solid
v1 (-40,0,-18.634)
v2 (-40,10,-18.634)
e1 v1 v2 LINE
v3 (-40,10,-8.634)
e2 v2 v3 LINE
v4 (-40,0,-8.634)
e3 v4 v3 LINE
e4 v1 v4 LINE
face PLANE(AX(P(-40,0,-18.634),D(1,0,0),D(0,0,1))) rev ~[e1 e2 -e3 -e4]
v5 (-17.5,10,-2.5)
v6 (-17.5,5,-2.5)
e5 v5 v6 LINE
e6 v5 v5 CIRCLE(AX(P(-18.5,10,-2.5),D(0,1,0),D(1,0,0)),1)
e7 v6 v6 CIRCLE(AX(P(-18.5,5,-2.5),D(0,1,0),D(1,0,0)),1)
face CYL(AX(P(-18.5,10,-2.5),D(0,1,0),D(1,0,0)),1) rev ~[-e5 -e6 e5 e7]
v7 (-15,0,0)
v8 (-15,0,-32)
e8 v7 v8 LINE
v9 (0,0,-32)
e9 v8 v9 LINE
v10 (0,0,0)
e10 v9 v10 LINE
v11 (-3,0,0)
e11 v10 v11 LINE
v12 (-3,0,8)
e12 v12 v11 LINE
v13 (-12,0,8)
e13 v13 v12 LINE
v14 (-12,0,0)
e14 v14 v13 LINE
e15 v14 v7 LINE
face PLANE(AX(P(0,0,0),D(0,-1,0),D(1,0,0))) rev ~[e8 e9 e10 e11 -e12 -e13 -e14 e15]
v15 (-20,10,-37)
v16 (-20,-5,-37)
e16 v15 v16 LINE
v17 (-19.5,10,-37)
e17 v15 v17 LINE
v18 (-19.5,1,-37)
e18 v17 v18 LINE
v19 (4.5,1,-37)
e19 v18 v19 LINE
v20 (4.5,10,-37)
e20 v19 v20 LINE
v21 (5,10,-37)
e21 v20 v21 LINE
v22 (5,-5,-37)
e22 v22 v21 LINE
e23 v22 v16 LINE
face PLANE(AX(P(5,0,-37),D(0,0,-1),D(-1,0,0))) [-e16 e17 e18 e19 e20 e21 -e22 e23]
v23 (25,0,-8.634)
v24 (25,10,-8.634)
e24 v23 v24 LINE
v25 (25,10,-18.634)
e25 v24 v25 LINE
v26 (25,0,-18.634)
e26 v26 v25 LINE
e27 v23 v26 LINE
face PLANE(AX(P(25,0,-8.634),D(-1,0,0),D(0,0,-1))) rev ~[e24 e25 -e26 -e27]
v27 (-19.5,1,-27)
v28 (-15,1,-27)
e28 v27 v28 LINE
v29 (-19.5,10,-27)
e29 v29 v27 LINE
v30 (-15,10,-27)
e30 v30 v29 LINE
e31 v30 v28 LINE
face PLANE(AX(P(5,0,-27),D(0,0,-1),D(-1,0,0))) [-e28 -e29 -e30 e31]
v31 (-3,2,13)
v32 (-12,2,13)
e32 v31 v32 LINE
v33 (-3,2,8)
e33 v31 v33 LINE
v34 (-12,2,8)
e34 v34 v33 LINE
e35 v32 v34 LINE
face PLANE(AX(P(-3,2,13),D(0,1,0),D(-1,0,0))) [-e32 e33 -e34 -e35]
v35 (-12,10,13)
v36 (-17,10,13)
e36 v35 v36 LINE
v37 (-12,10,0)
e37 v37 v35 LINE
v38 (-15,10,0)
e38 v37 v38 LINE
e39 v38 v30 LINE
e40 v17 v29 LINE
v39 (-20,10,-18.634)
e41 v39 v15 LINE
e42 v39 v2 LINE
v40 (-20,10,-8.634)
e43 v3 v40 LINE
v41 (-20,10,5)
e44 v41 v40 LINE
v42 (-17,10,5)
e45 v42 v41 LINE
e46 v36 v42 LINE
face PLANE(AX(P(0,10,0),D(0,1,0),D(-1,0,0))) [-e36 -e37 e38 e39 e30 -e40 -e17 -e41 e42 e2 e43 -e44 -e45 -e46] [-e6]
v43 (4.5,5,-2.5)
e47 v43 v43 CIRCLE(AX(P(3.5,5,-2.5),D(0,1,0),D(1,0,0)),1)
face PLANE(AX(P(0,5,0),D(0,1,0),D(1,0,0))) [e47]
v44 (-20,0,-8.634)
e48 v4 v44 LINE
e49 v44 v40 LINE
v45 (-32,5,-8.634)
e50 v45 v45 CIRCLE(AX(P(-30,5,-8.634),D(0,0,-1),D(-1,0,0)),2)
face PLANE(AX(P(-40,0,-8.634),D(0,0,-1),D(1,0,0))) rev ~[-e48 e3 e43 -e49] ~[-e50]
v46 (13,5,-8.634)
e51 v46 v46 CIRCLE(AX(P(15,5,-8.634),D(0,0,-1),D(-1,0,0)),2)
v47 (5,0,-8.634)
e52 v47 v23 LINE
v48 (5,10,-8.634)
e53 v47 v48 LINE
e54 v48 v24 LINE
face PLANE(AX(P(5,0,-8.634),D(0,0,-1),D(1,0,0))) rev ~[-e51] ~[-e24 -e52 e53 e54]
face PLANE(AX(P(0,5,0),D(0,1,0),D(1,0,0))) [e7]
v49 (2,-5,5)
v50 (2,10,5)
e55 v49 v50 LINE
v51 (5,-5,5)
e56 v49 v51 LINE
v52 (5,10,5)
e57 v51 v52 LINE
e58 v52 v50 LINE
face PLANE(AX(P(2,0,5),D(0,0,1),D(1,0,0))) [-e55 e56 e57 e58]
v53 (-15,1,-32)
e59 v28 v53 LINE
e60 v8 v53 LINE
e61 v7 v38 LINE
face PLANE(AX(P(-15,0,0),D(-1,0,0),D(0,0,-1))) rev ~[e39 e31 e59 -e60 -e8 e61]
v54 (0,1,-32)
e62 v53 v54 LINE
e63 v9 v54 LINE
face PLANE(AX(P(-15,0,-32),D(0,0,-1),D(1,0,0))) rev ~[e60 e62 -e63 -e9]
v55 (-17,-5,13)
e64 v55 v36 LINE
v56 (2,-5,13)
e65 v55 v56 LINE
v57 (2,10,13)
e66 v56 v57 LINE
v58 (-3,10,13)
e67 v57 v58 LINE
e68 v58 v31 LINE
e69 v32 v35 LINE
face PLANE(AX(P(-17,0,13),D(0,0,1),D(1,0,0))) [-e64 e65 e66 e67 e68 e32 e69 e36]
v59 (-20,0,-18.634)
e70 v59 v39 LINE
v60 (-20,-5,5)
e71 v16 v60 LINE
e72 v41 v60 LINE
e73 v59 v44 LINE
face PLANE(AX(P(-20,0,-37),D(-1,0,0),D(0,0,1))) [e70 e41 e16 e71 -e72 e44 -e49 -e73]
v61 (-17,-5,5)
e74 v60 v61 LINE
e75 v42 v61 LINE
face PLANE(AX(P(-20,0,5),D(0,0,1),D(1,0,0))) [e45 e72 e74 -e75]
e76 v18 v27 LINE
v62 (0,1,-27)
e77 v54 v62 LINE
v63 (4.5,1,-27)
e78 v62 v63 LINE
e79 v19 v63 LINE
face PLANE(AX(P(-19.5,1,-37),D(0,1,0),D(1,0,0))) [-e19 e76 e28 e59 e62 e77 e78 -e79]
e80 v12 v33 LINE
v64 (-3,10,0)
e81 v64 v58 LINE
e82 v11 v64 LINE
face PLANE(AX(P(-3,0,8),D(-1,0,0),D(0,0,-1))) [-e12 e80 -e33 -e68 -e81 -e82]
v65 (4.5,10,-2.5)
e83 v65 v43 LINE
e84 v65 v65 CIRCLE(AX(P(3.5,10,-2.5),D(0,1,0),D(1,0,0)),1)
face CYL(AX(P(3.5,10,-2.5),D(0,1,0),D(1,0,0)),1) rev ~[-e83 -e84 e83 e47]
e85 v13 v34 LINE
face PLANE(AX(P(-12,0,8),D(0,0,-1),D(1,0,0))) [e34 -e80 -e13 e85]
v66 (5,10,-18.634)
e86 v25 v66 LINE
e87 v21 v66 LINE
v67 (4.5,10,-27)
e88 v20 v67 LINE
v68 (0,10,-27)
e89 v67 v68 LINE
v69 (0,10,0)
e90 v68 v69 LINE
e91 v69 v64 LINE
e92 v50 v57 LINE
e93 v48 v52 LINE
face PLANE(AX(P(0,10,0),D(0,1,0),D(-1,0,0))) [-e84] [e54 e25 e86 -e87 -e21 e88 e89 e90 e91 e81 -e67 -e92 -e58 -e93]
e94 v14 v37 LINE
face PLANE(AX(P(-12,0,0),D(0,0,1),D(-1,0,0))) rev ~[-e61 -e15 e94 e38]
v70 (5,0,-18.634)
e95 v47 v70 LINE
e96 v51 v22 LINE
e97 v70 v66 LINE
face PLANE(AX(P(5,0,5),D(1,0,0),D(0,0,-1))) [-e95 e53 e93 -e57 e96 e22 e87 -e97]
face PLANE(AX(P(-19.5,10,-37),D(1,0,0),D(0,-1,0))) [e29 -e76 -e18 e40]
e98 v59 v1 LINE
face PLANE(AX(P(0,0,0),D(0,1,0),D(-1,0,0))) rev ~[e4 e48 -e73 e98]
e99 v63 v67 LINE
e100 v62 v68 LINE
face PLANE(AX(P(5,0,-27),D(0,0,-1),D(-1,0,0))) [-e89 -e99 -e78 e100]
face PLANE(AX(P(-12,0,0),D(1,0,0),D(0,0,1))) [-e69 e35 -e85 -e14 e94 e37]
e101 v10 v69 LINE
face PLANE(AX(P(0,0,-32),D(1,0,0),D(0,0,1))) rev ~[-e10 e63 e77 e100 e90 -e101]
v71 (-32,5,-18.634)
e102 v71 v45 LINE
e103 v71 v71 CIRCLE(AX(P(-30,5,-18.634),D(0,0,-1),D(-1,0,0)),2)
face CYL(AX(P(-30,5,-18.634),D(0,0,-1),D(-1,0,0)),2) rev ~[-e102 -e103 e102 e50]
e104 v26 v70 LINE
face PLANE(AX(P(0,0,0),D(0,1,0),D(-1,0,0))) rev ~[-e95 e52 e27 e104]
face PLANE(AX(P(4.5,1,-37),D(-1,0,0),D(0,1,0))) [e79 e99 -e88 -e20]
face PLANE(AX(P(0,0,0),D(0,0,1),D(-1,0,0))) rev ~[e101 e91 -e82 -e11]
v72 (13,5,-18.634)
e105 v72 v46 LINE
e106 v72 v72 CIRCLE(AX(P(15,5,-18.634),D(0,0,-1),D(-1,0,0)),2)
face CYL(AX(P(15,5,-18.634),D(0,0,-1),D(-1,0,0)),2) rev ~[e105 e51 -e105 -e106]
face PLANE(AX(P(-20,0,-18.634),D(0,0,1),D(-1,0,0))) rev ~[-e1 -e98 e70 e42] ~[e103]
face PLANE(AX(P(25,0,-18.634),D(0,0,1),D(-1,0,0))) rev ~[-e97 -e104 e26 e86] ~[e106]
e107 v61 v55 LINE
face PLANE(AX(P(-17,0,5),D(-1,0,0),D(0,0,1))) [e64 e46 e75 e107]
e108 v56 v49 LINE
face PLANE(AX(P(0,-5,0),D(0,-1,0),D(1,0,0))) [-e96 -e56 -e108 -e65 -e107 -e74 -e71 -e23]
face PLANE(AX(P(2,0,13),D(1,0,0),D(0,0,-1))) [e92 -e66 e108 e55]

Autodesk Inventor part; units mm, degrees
ref_plane "YZ Plane" through (0, 0, 0) normal (1, 0, 0) x (0, 1, 0)
ref_plane "XZ Plane" through (0, 0, 0) normal (0, 1, 0) x (-1, 0, 0)
ref_plane "XY Plane" through (0, 0, 0) normal (0, 0, 1) x (1, 0, 0)
sketch "Sketch1" plane through (0, 0, 0) normal (0, 1, 0) x (-1, 0, 0)
  line L0 (0, 0) -> (15, 0)
  line L1 (15, 0) -> (15, -32)
  line L2 (15, -32) -> (0, -32)
  line L3 (0, -32) -> (0, 0)
  line L4 (3, 0) -> (12, 0)
  line L5 (12, 0) -> (12, 8)
  line L6 (12, 8) -> (3, 8)
  line L7 (3, 8) -> (3, 0)
  line L8 (-5, -32) -> (-5, 5)
  line L9 (-5, 5) -> (-2, 5)
  line L10 (-2, 5) -> (-2, 13)
  line L11 (-2, 13) -> (17, 13)
  line L12 (17, 13) -> (17, 5)
  line L13 (17, 5) -> (20, 5)
  line L14 (20, 5) -> (20, -37)
  line L15 (20, -37) -> (-5, -37)
  line L16 (-5, -37) -> (-5, -32)
  line L17 (-5, -8.634) -> (-25, -8.634)
  line L18 (-25, -8.634) -> (-25, -18.634)
  line L19 (-25, -18.634) -> (-5, -18.634)
  line L20 (-5, -18.634) -> (-5, -8.634)
  line L21 (20, -18.634) -> (40, -18.634)
  line L22 (40, -18.634) -> (40, -8.634)
  line L23 (40, -8.634) -> (20, -8.634)
  line L24 (20, -8.634) -> (20, -18.634)
  dimension "d0" = 15
  dimension "d1" = 32
  dimension "d2" = 9
  dimension "d3" = 3
  dimension "d4" = 3
  dimension "d5" = 8
  dimension "d6" = 5
  dimension "d7" = 5
  dimension "d8" = 5
  dimension "d9" = 5
  dimension "d10" = 5
  dimension "d11" = 5
  dimension "d12" = 5
  dimension "d13" = 5
  dimension "d71" = 20
  dimension "d72" = 10
  dimension "d73" = 20
  dimension "d74" = 10
extrude "Extrusion1" add sketch "Sketch1" along normal blind 10
sketch "Sketch3" plane through (5, 0, -37) normal (0, 0, -1) x (-1, 0, 0)
  line L0 (0.5, 10) -> (24.5, 10)
  line L1 (24.5, 10) -> (24.5, 1)
  line L2 (24.5, 1) -> (0.5, 1)
  line L3 (0.5, 1) -> (0.5, 10)
  line L4 (25, 0) -> (25, 10) projected
  line L5 (0, 0) -> (0, 10) projected
  line L6 (0, 0) -> (25, 0) projected
  line L7 (0, 10) -> (25, 10) projected
  point P0 (5, 0)
  point P1 (24.5, 5.5)
  dimension "d24" = 0.5
  dimension "d25" = 0.5
  dimension "d26" = 1
  dimension "d27" = 0
extrude "Extrusion3" cut sketch "Sketch3" against normal blind 10 contours L0 L1 L2 L3
sketch "Sketch4" plane through (-17, 0, 13) normal (0, 0, 1) x (1, 0, 0)
  line L0 (5, 10) -> (14, 10)
  line L1 (14, 10) -> (14, 2)
  line L2 (14, 2) -> (5, 2)
  line L3 (5, 2) -> (5, 10)
  line L4 (0, 0) -> (19, 0) projected
  line L5 (0, 10) -> (19, 10) projected
  line L6 (19, 0) -> (19, 10) projected
  line L7 (0, 0) -> (0, 10) projected
  point P0 (17, 0)
  point P1 (9.5, 0)
  dimension "d30" = 2
  dimension "d31" = 0
  dimension "d32" = 5
  dimension "d33" = 5
extrude "Extrusion4" cut sketch "Sketch4" against normal blind 10 contours L0 L1 L2 L3
sketch "Sketch5" plane through (0, 0, 0) normal (0, -1, 0) x (1, 0, 0)
  line L0 (-17, 5) -> (-17, 13) projected
  line L1 (2, 13) -> (2, 5) projected
  line L2 (-17, 13) -> (2, 13)
  line L3 (2, 13) -> (2, 5)
  line L4 (5, 5) -> (5, -37) projected
  line L5 (2, 5) -> (5, 5)
  line L6 (5, 5) -> (5, -37)
  line L7 (-20, -37) -> (-20, 5) projected
  line L8 (5, -37) -> (-20, -37)
  line L9 (-20, -37) -> (-20, 5)
  line L10 (-20, 5) -> (-17, 5)
  point P0 (0, 0)
extrude "Extrusion5" add sketch "Sketch5" along normal blind 5
sketch "Sketch6" plane through (0, 10, 0) normal (0, 1, 0) x (1, 0, 0)
  circle A0 centre (-18.5, 2.5) radius 1
  line L0 (-20, -5) -> (-17, -5) projected
  line L1 (-20, 37) -> (-20, -5) projected
  circle A1 centre (3.5, 2.5) radius 1
  line L2 (2, -5) -> (5, -5) projected
  line L3 (2, -13) -> (2, -5) projected
  point P0 (0, 0)
  dimension "d59" = 2
  dimension "d60" = 7.5
  dimension "d61" = 1.5
  dimension "d62" = 2
  dimension "d63" = 7.5
  dimension "d64" = 1.5
extrude "Extrusion6" cut sketch "Sketch6" against normal blind 5
thread "Thread1" size "M2x0.4" class "6H" standard "ANSI Metric M Profile" full length
thread "Thread2" size "M2x0.4" class "6H" standard "ANSI Metric M Profile" full length
sketch "Sketch7" plane through (25, 0, -18.634) normal (0, 0, -1) x (-1, 0, 0)
  point P0 (25, 0)
sketch "Sketch8" plane through (25, 0, -18.634) normal (0, 0, -1) x (-1, 0, 0)
  circle A0 centre (10, 5) radius 2
  circle A1 centre (55, 5) radius 2
  line L0 (65, 0) -> (65, 10) projected
  line L1 (0, 0) -> (0, 10) projected
  line L2 (0, 10) -> (20, 10) projected
  line L3 (45, 10) -> (65, 10) projected
  point P0 (25, 0)
  point P1 (65, 5)
  dimension "d76" = 4
  dimension "d77" = 4
  dimension "d78" = 10
  dimension "d79" = 10
  dimension "d80" = 5
  dimension "d81" = 5
extrude "Extrusion7" cut sketch "Sketch8" against normal blind 10
thread "Thread3" size "M4x0.7" class "6H" standard "ANSI Metric M Profile" full length
thread "Thread4" size "M4x0.7" class "6H" standard "ANSI Metric M Profile" full length
properties part number "Base"
